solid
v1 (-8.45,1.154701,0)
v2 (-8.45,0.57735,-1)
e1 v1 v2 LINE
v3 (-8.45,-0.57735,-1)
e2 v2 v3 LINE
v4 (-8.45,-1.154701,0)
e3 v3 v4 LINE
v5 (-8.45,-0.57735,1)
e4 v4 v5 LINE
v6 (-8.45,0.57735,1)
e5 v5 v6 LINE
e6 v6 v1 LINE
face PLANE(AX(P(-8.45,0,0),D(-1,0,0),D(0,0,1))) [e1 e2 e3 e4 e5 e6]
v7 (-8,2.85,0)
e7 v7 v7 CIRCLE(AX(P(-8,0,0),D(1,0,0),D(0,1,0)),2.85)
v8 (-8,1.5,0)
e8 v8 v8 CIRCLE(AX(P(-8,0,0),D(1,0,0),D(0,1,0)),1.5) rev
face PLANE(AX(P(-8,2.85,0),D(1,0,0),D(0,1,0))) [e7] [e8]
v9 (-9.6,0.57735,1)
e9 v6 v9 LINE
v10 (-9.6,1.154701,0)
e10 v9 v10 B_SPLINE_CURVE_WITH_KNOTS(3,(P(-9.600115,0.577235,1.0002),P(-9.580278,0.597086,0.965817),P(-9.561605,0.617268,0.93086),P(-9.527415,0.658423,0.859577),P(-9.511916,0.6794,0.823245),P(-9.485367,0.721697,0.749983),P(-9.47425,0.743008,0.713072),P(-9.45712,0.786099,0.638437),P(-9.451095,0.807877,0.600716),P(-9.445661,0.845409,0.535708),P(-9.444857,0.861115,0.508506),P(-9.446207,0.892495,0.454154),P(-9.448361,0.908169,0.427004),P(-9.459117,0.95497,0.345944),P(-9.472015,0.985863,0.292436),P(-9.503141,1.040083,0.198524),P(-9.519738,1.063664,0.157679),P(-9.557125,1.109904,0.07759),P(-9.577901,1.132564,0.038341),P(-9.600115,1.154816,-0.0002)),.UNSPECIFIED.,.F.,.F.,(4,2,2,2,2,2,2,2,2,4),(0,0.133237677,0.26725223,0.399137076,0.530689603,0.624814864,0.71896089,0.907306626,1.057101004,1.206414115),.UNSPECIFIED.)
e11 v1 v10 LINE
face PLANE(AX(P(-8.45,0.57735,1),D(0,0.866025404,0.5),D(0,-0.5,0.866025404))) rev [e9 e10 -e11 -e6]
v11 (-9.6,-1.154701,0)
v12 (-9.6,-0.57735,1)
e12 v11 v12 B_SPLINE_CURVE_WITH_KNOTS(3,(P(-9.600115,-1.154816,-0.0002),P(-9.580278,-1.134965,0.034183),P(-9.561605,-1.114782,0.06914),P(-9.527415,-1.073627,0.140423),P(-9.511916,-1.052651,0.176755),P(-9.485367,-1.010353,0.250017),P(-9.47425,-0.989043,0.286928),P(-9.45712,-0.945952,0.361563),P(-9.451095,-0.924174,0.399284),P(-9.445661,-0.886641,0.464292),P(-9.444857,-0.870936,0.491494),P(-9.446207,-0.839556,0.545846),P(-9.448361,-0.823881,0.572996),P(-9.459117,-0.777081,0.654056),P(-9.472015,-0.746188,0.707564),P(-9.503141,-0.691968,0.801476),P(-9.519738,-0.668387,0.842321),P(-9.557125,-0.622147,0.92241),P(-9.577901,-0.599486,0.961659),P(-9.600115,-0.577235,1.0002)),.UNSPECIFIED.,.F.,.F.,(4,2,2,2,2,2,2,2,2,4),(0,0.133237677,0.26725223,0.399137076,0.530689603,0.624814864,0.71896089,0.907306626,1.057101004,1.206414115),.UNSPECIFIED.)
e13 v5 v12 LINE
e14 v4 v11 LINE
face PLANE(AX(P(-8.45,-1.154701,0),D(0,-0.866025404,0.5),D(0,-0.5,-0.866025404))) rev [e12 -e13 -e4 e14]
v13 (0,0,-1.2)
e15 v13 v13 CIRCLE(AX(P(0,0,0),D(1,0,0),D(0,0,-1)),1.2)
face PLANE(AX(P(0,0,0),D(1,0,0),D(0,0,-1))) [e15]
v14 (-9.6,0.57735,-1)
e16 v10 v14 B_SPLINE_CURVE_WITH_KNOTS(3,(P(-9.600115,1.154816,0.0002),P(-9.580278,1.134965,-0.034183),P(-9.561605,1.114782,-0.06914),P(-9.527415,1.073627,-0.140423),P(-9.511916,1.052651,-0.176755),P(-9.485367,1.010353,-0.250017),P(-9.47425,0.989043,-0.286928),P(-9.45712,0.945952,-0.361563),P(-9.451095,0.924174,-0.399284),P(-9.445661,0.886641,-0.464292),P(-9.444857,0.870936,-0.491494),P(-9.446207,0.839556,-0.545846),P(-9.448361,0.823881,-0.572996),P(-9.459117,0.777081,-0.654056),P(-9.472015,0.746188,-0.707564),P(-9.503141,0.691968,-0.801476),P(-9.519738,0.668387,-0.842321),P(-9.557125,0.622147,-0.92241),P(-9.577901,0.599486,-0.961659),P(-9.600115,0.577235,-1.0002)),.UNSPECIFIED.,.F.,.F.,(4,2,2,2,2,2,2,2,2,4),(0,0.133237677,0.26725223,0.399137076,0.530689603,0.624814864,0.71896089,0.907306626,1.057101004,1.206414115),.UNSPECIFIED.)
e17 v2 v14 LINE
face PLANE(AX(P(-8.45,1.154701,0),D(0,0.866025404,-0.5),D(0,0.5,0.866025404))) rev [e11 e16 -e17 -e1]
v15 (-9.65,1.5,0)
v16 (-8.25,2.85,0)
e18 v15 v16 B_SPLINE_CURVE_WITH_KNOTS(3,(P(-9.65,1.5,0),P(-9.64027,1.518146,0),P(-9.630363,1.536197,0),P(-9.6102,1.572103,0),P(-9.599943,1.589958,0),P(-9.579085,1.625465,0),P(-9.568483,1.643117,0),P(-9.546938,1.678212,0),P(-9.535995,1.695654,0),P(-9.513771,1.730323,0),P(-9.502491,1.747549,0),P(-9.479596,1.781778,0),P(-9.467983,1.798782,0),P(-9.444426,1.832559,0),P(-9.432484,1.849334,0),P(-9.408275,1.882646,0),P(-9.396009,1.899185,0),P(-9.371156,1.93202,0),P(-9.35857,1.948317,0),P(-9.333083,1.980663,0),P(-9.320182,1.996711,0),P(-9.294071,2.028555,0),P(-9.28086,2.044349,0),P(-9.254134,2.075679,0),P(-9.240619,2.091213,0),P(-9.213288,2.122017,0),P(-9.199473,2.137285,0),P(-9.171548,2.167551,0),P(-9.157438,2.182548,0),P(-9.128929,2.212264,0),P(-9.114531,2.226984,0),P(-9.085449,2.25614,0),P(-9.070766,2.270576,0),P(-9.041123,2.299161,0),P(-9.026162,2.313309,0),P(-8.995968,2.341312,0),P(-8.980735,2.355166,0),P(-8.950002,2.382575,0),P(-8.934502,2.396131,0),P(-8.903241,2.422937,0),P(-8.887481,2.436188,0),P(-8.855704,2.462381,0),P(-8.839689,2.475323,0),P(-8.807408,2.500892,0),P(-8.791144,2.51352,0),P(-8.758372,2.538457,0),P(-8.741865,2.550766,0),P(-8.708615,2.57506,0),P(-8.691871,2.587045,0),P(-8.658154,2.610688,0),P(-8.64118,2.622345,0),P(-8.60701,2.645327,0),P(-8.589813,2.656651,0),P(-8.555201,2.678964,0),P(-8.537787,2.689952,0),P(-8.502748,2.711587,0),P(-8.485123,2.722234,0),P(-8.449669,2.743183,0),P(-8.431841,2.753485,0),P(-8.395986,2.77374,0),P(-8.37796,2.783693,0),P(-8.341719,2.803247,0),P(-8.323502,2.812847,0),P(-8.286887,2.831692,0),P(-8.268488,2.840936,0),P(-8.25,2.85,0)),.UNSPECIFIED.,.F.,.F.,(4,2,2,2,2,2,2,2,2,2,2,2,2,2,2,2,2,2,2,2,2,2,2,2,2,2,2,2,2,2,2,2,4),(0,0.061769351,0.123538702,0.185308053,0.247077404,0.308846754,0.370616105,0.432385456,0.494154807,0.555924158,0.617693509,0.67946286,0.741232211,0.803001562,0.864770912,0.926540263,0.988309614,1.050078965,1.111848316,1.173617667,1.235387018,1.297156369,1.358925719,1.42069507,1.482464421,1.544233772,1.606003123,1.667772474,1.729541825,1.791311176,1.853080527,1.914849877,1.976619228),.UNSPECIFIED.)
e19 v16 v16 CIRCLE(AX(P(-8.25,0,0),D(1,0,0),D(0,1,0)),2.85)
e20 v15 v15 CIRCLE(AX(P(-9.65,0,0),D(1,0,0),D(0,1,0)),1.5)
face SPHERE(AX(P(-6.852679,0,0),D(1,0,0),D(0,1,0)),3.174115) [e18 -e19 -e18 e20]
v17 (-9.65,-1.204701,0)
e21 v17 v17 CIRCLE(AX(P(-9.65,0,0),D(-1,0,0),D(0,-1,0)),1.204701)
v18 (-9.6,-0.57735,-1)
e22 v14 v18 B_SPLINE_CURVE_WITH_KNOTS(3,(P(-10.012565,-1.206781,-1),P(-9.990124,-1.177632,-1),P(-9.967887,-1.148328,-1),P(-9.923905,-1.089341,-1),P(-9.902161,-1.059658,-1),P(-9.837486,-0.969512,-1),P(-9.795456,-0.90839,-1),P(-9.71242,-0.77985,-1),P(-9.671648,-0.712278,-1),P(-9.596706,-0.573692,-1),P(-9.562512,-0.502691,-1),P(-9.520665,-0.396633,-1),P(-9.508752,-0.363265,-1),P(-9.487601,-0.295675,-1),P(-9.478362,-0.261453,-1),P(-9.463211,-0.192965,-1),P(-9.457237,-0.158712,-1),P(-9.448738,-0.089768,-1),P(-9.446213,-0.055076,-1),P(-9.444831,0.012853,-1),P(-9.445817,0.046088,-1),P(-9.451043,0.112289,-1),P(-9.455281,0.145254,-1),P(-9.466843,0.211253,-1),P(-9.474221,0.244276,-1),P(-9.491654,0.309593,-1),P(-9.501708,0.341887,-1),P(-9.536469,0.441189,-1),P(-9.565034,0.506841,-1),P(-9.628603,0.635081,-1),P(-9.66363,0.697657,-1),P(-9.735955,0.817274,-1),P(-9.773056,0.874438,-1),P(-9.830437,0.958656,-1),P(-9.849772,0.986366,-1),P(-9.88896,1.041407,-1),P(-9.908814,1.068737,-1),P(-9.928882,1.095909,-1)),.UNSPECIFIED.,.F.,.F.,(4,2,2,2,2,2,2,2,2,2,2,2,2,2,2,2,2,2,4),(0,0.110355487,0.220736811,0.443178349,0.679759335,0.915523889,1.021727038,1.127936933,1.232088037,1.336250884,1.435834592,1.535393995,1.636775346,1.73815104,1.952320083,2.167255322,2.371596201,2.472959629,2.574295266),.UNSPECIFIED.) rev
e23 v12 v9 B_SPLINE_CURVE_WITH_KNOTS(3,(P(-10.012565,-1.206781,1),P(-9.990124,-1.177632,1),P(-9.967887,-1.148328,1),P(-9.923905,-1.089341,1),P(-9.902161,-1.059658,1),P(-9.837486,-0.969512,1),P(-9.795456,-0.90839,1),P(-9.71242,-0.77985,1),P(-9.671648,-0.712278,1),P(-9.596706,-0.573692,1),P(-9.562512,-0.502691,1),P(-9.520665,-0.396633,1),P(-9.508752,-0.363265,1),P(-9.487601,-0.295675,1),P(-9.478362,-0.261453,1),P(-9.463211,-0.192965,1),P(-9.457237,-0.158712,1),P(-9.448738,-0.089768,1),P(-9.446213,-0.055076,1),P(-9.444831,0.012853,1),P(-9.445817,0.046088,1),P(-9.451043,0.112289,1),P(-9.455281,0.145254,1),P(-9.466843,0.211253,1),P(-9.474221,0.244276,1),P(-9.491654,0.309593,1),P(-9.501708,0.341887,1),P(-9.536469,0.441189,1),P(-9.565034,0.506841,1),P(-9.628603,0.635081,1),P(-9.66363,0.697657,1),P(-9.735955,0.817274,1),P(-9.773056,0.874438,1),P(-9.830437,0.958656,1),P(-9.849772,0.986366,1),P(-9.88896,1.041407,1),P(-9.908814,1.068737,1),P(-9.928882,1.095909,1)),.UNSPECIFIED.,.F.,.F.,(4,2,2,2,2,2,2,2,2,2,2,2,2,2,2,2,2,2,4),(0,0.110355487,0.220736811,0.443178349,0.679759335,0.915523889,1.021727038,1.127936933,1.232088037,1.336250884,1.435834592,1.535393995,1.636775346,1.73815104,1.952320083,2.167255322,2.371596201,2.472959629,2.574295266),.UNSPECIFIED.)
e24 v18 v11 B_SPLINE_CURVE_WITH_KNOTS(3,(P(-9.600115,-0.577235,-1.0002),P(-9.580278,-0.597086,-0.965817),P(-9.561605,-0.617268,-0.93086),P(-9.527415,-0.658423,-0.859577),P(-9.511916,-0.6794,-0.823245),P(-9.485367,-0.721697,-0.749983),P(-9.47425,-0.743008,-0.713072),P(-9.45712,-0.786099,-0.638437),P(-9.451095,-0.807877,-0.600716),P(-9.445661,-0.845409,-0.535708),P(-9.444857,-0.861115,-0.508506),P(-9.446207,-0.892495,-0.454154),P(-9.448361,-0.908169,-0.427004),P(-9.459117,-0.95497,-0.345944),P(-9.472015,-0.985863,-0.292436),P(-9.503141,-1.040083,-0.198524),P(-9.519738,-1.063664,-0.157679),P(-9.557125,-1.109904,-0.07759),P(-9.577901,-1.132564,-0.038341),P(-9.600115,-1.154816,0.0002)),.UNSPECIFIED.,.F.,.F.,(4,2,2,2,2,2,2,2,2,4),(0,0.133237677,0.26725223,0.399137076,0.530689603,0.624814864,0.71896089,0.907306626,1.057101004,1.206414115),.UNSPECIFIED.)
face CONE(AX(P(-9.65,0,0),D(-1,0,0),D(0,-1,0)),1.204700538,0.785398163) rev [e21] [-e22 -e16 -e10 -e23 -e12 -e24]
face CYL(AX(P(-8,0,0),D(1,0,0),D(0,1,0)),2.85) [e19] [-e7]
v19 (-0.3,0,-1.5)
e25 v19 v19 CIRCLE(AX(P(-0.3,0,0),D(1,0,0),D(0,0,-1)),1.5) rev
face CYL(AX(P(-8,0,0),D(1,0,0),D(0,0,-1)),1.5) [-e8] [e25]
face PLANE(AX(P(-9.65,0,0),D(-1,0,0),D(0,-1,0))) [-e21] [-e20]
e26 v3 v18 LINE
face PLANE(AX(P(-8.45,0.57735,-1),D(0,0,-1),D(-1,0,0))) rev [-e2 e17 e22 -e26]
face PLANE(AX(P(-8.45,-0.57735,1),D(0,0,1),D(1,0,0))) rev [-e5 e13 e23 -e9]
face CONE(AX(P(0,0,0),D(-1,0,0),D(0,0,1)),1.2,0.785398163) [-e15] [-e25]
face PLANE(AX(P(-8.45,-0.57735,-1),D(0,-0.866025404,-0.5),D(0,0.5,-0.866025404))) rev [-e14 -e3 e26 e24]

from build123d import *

# Parameters (mm, degrees)
SKETCH2_R           = 1.5
BOSS_EXTRUDE1_DEPTH = 8
CHAMFER1_SIZE       = 0.3
CUT_EXTRUDE1_DEPTH  = 1.2
SKETCH8_R           = 1.204700538
CUT_EXTRUDE2_DEPTH  = 1
CUT_EXTRUDE2_DRAFT  = -45


with BuildPart() as part:
    # Sketch2 → Boss-Extrude1 (new body)
    with BuildSketch(Plane(origin=(0, 0, 0), x_dir=(0, 0, -1), z_dir=(1, 0, 0))):
        Circle(SKETCH2_R)
    extrude(amount=-BOSS_EXTRUDE1_DEPTH)

    # Chamfer1
    chamfer1_edges = [part.edges().sort_by_distance(p)[0] for p in [
        (0, 0, 1.5),
    ]]
    chamfer(chamfer1_edges, length=CHAMFER1_SIZE)

    # Sketch6 → Revolve1 (revolve)
    with BuildSketch(Plane.XY):
        with BuildLine():
            Line((-9.65, 0), (-9.65, 1.5))
            ThreePointArc((-9.65, 1.5), (-9.055944823, 2.284868705), (-8.25, 2.85))
            Line((-8.25, 2.85), (-8, 2.85))
            Line((-8, 2.85), (-8, 0))
            Line((-8, 0), (-9.65, 0))
        make_face()
    revolve(axis=Axis((-8, 0, 0), (-1, 0, 0)))

    # Sketch7 → Cut-Extrude1 (cut)
    with BuildSketch(Plane.ZY.offset(9.65)):
        Polygon((0, 1.154700538), (-1, 0.577350269), (-1, -0.577350269), (0, -1.154700538), (1, -0.577350269), (1, 0.577350269), align=None)
    extrude(amount=-CUT_EXTRUDE1_DEPTH, mode=Mode.SUBTRACT)


with BuildPart() as cut_extrude2_tool:
    # Sketch8 → Cut-Extrude2 (with draft: the straight prism first)
    with BuildSketch(Plane.ZY.offset(9.65)):
        Circle(SKETCH8_R)
    extrude(amount=-CUT_EXTRUDE2_DEPTH)
    # Cut-Extrude2: the draft: its side faces are tilted about the plane it starts from
    cut_extrude2_sides = [cut_extrude2_tool.faces().sort_by_distance(p)[0] for p in [
        (-9.15, 0, -1.204700538),
    ]]
    draft(cut_extrude2_sides, Plane.ZY.offset(9.65), CUT_EXTRUDE2_DRAFT)


with BuildPart() as part_1:
    add(part.part)

    # Cut-Extrude2: cut by cut_extrude2_tool
    add(cut_extrude2_tool.part, mode=Mode.SUBTRACT)


solid = part_1.part
